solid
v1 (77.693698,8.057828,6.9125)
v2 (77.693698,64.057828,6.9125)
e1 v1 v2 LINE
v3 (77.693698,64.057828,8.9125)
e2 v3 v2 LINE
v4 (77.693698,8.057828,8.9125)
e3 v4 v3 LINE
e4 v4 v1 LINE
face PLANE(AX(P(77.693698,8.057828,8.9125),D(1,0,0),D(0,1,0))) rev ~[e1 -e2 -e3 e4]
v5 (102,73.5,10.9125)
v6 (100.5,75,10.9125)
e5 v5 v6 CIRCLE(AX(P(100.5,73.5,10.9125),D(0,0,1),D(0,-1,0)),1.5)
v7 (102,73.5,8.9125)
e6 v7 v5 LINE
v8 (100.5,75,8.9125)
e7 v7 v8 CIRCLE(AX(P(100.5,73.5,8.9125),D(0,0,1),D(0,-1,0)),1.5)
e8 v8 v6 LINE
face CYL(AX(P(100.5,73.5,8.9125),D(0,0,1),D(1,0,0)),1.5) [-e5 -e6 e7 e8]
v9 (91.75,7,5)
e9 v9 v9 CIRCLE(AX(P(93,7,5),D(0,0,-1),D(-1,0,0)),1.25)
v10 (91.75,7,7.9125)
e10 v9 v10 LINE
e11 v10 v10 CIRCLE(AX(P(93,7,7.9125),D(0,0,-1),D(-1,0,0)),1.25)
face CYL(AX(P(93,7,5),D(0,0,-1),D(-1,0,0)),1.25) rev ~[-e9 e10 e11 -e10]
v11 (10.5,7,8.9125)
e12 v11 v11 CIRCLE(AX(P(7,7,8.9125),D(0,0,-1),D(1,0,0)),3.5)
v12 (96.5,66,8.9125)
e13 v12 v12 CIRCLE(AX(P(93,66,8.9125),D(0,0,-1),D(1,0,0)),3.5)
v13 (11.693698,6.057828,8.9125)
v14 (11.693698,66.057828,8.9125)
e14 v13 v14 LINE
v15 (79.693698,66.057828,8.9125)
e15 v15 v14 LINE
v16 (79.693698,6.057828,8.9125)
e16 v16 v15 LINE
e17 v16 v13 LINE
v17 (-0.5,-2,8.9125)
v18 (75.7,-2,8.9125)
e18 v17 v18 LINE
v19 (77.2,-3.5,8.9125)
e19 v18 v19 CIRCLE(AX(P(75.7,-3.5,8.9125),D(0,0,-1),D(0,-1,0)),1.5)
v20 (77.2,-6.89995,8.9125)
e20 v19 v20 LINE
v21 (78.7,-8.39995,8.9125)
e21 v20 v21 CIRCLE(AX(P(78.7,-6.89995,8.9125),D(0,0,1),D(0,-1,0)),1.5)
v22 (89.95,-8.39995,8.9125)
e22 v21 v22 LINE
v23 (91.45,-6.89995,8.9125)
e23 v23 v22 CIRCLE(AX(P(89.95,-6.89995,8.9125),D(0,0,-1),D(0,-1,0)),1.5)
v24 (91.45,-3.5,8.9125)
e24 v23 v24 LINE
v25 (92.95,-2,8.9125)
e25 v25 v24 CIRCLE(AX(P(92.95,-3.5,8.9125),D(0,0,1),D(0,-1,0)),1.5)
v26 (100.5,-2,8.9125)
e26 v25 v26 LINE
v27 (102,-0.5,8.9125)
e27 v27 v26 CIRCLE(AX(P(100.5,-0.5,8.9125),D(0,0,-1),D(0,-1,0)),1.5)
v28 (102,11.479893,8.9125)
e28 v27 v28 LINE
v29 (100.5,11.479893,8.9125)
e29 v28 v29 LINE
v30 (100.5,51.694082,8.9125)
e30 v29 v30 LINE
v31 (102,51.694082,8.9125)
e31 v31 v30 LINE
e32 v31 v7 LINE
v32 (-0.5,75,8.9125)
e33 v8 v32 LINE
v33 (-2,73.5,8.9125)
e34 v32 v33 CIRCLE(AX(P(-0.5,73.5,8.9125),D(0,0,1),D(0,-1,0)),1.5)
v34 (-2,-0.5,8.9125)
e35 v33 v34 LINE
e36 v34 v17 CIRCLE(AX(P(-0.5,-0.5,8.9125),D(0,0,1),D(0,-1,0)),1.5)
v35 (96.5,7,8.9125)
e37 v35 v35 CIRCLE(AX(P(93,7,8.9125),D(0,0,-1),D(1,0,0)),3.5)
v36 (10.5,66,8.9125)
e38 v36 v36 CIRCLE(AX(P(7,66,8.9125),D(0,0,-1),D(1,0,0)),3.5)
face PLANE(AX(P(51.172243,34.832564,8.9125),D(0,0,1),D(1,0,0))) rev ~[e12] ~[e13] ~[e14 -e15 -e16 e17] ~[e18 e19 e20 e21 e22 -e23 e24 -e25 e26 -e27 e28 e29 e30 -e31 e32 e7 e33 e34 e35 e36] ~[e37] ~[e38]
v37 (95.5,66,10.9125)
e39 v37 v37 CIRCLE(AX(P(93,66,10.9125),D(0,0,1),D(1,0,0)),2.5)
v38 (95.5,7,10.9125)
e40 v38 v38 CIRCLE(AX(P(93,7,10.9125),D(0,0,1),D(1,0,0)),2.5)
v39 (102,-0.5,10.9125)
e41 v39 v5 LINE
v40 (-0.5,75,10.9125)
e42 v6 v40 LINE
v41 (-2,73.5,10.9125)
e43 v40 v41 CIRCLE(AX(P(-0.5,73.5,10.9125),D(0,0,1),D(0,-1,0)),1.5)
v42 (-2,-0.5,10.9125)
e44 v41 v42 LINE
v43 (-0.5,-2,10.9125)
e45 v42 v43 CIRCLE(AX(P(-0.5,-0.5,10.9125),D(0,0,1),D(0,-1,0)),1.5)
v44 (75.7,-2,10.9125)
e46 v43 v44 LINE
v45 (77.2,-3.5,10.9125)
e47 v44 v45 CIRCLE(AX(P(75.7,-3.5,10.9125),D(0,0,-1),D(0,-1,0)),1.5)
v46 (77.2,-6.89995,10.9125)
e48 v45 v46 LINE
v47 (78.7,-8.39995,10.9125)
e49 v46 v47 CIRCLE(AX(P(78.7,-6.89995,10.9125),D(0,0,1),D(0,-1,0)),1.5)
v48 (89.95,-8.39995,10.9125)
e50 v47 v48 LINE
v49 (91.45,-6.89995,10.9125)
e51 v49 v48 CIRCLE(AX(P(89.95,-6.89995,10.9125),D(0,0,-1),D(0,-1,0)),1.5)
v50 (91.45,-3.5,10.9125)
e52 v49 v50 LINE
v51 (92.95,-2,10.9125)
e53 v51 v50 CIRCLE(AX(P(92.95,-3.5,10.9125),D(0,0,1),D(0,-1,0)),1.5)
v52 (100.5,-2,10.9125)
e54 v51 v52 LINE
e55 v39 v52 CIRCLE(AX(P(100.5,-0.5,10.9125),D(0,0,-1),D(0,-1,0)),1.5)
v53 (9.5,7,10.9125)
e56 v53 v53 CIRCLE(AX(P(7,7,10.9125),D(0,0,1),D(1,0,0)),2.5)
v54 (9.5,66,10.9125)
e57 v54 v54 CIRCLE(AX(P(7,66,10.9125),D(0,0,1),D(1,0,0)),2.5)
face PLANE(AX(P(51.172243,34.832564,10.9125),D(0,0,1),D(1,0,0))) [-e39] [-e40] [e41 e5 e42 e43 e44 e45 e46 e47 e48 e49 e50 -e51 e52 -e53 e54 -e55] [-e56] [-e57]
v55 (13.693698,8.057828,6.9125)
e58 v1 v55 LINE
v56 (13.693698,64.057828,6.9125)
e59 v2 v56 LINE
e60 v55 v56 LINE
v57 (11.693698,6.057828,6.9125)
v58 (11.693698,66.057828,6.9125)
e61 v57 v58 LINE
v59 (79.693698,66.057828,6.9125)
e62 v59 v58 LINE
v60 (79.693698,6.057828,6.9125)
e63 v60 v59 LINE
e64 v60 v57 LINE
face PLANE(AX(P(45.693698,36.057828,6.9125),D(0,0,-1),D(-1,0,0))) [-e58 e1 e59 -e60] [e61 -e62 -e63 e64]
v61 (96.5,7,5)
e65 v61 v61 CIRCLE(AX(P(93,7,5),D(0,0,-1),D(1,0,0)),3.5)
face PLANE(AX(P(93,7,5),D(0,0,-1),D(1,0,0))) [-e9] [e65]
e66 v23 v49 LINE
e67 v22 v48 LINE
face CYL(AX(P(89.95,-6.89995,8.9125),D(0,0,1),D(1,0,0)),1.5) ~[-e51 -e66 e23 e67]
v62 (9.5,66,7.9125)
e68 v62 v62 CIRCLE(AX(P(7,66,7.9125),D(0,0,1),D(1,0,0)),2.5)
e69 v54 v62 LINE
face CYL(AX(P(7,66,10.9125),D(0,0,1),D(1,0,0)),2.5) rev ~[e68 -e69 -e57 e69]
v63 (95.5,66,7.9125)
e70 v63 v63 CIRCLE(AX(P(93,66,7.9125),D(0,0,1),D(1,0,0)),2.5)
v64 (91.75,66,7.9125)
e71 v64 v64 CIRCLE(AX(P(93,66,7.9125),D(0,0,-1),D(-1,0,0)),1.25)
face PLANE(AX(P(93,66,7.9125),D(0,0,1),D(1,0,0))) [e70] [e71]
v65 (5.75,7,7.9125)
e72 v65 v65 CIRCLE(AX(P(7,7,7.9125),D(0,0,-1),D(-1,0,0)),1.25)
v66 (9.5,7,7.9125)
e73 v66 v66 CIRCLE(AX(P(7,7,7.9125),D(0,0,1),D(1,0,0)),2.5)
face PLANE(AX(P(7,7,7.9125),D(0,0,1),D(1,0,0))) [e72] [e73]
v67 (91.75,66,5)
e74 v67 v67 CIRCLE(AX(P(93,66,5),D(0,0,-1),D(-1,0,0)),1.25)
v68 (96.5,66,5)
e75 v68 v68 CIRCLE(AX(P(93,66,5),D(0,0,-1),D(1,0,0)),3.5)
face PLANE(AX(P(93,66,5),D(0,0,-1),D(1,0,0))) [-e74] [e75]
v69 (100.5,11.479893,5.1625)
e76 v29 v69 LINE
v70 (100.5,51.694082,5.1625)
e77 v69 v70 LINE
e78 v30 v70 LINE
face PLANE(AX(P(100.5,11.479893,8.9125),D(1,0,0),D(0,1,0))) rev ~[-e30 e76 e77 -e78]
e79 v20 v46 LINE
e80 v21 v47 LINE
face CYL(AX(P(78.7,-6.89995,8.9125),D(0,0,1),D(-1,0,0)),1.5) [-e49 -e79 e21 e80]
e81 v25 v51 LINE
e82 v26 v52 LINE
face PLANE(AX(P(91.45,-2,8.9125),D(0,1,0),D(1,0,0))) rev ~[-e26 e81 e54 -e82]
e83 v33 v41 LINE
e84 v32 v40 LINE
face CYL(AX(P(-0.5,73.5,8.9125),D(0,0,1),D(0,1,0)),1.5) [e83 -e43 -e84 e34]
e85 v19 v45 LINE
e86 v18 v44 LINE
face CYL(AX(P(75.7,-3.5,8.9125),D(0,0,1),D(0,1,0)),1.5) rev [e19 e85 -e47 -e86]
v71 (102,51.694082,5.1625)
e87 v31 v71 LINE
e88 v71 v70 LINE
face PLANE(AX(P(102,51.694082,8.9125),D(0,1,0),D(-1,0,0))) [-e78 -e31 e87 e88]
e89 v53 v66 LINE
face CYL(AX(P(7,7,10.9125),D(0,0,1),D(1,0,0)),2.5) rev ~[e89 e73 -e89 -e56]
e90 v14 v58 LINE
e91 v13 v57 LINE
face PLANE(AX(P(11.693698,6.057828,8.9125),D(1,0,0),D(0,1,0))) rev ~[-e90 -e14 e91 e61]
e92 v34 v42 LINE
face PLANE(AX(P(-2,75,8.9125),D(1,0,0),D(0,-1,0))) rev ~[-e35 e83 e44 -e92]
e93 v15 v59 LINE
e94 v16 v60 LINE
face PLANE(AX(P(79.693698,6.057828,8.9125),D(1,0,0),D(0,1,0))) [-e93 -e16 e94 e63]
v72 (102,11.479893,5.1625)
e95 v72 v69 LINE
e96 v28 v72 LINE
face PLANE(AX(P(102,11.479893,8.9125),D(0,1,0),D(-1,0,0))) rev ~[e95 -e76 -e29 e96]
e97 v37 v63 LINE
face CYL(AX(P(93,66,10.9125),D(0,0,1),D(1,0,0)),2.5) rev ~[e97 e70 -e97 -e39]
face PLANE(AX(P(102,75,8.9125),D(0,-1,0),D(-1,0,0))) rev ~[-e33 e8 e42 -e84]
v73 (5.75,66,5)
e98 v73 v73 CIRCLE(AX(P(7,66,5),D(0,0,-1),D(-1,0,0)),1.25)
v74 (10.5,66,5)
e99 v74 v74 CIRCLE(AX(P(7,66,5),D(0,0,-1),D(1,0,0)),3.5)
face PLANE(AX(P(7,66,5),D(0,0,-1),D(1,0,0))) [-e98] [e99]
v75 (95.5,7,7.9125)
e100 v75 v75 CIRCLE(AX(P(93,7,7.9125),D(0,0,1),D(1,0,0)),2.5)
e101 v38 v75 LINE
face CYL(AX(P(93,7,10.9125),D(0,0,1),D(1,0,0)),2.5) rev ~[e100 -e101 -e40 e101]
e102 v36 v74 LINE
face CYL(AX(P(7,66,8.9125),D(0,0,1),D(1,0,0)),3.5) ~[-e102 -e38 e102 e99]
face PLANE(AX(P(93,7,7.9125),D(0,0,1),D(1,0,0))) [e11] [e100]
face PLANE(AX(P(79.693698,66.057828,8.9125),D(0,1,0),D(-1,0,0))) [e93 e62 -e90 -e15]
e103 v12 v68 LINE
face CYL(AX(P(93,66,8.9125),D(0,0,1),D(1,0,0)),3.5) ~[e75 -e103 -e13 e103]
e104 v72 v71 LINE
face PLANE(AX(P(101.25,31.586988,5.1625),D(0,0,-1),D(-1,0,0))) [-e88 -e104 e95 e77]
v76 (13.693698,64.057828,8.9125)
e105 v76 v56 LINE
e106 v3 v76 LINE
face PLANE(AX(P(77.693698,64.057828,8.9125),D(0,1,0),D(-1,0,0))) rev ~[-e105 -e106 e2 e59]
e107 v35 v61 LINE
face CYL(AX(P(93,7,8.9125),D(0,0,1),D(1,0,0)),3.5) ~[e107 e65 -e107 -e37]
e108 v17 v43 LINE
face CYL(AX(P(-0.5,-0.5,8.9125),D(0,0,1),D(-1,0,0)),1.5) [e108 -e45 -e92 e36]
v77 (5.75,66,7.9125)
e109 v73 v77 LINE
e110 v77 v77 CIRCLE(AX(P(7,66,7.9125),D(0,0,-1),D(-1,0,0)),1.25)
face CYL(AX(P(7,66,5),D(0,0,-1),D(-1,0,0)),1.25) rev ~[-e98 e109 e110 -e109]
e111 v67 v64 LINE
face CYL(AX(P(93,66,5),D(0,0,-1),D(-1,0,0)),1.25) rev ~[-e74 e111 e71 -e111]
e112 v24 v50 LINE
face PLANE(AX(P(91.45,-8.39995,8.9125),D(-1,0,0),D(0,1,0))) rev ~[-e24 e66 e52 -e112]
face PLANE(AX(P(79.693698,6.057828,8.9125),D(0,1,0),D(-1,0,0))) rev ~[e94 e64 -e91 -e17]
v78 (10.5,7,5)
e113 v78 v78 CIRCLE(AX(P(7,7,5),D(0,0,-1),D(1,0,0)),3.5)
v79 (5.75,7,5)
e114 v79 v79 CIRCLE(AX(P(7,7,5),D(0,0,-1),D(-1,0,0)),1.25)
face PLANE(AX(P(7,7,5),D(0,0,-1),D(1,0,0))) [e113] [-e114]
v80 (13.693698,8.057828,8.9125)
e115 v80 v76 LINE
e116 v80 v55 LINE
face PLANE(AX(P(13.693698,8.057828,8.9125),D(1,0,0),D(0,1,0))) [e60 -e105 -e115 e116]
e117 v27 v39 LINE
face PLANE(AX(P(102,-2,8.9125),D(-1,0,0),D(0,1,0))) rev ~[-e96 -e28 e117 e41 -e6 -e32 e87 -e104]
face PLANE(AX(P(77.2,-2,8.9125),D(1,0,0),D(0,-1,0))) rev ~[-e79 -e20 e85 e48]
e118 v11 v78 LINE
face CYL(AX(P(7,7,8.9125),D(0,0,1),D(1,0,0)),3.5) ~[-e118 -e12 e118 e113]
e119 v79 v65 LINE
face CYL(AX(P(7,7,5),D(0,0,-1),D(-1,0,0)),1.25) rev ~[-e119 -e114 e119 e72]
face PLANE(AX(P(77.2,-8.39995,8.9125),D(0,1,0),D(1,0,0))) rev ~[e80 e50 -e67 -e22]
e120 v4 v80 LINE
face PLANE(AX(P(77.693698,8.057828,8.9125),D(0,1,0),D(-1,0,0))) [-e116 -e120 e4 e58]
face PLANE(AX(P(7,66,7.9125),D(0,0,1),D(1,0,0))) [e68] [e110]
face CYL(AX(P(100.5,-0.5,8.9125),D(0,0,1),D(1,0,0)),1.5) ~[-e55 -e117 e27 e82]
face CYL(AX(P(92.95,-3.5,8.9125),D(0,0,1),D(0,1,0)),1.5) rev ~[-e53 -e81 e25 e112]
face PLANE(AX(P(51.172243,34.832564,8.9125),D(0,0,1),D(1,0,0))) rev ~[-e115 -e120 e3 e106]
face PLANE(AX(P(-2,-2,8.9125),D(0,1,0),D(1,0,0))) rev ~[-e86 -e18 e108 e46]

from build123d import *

# Parameters (mm, degrees)
BOTTOM_COVER_DEPTH    = 2
SKETCH5_W             = 1.5
SKETCH5_H             = 40.214188303
CONNECTOR_PANEL_DEPTH = 3.75
SKETCH6_W             = 68
SKETCH6_H             = 60
SKETCH6_W_2           = 64
SKETCH6_H_2           = 56
BATTERY_HOLDER_DEPTH  = 2
FILLET1_R             = 1.5
SKETCH7_R             = 3.5
BOSS_EXTRUDE4_DEPTH   = 3.9125
SKETCH8_R             = 1.25
CUT_EXTRUDE1_DEPTH    = 10
SKETCH9_R             = 2.5
CUT_EXTRUDE2_DEPTH    = 3


with BuildPart() as part:
    # Sketch1 → bottom-cover (new body)
    with BuildSketch(Plane.XY.offset(8.9125)):
        Polygon((102, -2), (102, 75), (-2, 75), (-2, -2), (77.2, -2), (77.2, -8.39995), (91.45, -8.39995), (91.45, -2), align=None)
    extrude(amount=BOTTOM_COVER_DEPTH)

    # Sketch5 → connector-panel (add)
    with BuildSketch(Plane(origin=(0, 0, 8.9125), x_dir=(-1, 0, 0), z_dir=(0, 0, -1))):
        with Locations((-101.25, 31.586987543)):
            Rectangle(SKETCH5_W, SKETCH5_H)
    extrude(amount=CONNECTOR_PANEL_DEPTH)

    # Sketch6 → battery-holder (add)
    with BuildSketch(Plane(origin=(0, 0, 8.9125), x_dir=(-1, 0, 0), z_dir=(0, 0, -1))):
        with Locations((-45.693698314, 36.057827653)):
            Rectangle(SKETCH6_W, SKETCH6_H)
        with Locations((-45.693698314, 36.057827653)):
            Rectangle(SKETCH6_W_2, SKETCH6_H_2, mode=Mode.SUBTRACT)
    extrude(amount=BATTERY_HOLDER_DEPTH)

    # Fillet1
    fillet1_edges = [part.edges().sort_by_distance(p)[0] for p in [
        (102, -2, 9.9125),
        (102, 75, 9.9125),
        (-2, 75, 9.9125),
        (91.45, -8.39995, 9.9125),
        (91.45, -2, 9.9125),
        (77.2, -2, 9.9125),
        (77.2, -8.39995, 9.9125),
        (-2, -2, 9.9125),
    ]]
    fillet(fillet1_edges, radius=FILLET1_R)

    # Sketch7 → Boss-Extrude4 (add)
    with BuildSketch(Plane(origin=(0, 0, 8.9125), x_dir=(-1, 0, 0), z_dir=(0, 0, -1))):
        with Locations(Location((-7, 66, 0), (0, 0, 180))):
            Circle(SKETCH7_R)
        with Locations(Location((-7, 7, 0), (0, 0, 180))):
            Circle(SKETCH7_R)
        with Locations(Location((-93, 7, 0), (0, 0, 180))):
            Circle(SKETCH7_R)
        with Locations(Location((-93, 66, 0), (0, 0, 180))):
            Circle(SKETCH7_R)
    extrude(amount=BOSS_EXTRUDE4_DEPTH)

    # Sketch8 → Cut-Extrude1 (cut)
    with BuildSketch(Plane(origin=(0, 0, 5), x_dir=(-1, 0, 0), z_dir=(0, 0, -1))):
        with Locations((-93, 66)):
            Circle(SKETCH8_R)
        with Locations((-7, 66)):
            Circle(SKETCH8_R)
        with Locations((-7, 7)):
            Circle(SKETCH8_R)
        with Locations((-93, 7)):
            Circle(SKETCH8_R)
    extrude(amount=-CUT_EXTRUDE1_DEPTH, mode=Mode.SUBTRACT)

    # Sketch9 → Cut-Extrude2 (cut)
    with BuildSketch(Plane.XY.offset(10.9125)):
        with Locations((7, 66)):
            Circle(SKETCH9_R)
        with Locations((93, 66)):
            Circle(SKETCH9_R)
        with Locations((93, 7)):
            Circle(SKETCH9_R)
        with Locations((7, 7)):
            Circle(SKETCH9_R)
    extrude(amount=-CUT_EXTRUDE2_DEPTH, mode=Mode.SUBTRACT)


solid = part.part
